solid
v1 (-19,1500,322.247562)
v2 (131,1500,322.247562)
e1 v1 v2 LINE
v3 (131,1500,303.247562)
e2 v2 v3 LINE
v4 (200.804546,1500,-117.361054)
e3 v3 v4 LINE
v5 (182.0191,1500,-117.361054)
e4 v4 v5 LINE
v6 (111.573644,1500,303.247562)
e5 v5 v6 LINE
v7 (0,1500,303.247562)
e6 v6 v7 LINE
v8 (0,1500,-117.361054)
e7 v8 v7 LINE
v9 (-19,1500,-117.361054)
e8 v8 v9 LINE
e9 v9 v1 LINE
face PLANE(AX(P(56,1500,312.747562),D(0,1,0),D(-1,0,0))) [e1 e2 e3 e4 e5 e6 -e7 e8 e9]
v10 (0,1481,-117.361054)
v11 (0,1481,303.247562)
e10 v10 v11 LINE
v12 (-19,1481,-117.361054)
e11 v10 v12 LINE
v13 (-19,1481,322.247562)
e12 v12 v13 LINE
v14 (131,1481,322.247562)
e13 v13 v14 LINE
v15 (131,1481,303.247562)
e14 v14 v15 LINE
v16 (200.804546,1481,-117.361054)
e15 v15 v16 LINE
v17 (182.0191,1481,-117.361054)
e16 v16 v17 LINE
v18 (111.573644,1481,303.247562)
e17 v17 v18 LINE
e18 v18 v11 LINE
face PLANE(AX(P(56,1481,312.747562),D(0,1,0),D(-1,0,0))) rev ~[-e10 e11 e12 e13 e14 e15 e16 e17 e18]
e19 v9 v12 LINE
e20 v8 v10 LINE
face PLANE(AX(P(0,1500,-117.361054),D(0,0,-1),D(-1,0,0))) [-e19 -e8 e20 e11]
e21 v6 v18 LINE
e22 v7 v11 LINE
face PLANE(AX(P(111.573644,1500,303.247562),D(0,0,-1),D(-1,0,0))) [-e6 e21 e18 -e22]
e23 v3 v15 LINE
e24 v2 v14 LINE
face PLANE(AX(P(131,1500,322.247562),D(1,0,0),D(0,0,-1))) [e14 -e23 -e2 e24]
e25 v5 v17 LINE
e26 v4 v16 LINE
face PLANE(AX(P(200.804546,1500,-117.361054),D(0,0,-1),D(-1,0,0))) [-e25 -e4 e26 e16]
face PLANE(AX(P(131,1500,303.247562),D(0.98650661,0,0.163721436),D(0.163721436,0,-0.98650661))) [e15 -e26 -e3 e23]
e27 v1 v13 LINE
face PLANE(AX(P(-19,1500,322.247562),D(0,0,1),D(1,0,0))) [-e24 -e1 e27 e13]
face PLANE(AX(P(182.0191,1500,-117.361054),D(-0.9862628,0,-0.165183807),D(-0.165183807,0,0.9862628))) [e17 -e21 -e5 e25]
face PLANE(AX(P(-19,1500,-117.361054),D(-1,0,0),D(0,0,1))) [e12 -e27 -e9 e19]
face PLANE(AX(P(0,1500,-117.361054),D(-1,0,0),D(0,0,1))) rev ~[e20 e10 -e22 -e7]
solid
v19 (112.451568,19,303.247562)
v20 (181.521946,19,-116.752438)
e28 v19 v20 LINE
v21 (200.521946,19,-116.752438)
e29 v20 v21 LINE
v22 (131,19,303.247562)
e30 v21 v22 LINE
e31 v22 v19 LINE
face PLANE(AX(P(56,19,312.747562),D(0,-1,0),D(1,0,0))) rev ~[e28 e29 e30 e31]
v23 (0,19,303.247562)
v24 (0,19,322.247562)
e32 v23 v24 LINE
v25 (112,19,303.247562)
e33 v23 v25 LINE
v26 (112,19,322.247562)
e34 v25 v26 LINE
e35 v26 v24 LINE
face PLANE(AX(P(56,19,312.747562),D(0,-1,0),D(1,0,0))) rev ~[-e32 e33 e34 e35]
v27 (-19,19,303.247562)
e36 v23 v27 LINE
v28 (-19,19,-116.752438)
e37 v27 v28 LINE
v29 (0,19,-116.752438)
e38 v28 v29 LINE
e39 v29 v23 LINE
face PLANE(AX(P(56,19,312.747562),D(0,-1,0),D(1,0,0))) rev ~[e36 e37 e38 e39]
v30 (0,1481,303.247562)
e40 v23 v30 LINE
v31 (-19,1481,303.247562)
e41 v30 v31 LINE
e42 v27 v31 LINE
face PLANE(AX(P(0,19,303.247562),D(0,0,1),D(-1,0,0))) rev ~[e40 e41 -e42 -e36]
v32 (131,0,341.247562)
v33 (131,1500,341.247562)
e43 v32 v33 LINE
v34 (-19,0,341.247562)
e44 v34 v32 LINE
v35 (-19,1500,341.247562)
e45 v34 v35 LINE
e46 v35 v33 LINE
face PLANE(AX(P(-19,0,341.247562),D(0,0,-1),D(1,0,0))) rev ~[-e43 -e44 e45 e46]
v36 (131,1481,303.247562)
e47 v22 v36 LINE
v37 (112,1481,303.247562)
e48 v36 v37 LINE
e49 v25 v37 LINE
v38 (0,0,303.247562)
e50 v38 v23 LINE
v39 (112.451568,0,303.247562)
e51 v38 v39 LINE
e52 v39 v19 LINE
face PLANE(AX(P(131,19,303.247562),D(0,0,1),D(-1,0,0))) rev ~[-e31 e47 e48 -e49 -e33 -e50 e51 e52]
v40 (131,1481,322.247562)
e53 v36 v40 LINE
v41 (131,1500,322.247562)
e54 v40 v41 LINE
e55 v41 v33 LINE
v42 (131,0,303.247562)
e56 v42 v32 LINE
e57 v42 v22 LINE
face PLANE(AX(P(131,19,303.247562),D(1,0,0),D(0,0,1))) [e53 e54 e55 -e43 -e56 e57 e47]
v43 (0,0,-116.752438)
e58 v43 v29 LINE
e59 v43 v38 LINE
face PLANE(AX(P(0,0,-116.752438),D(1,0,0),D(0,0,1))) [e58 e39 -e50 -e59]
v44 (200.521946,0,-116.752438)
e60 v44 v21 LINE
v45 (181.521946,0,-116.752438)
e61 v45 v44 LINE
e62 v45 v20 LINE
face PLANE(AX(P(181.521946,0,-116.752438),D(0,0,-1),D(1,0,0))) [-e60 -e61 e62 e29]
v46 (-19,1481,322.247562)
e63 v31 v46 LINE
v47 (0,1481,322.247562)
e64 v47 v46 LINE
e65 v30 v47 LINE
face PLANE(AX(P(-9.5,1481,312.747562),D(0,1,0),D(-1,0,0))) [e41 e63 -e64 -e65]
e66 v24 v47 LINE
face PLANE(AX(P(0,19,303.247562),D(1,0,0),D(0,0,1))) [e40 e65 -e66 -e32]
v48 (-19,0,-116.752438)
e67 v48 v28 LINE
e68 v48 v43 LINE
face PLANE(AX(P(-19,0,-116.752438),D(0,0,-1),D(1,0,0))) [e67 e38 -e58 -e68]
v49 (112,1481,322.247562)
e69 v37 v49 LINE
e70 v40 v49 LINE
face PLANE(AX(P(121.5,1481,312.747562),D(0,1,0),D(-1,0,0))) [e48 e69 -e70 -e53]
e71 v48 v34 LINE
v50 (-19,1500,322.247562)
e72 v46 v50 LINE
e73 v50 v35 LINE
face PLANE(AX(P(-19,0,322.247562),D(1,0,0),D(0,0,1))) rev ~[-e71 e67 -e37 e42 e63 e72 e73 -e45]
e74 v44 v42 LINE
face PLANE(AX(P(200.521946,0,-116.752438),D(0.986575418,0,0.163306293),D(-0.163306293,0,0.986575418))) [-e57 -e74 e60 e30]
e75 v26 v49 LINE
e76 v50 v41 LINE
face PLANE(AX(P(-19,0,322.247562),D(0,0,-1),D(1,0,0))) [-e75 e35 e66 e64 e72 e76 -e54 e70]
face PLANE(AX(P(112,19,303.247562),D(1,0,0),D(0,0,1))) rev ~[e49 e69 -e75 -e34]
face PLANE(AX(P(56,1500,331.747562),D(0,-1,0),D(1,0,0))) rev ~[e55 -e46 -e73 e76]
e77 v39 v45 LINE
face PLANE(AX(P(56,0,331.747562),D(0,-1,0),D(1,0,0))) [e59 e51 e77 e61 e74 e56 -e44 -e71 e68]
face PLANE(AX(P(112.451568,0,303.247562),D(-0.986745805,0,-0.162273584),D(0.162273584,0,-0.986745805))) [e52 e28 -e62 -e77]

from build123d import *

# Parameters (mm, degrees)
F0_W     = 19
F0_H     = 420
F1_DEPTH = 19
F0_W_2   = 150
F0_H_2   = 19
F2_DEPTH = 1500
F4_W     = 19
F4_H     = 19
F5_DEPTH = 1462
F7_W     = 19
F7_H     = 420.6086155772
F8_DEPTH = 19


with BuildPart() as f1:
    # F0 (on Front) → F1 (new body)
    with BuildSketch(Plane.XZ):
        Polygon((131, 322.2475617528), (-19, 322.2475617528), (-19, 303.2475617528), (0, 303.2475617528), (112.4515682459, 303.2475617528), (131, 303.2475617528), align=None)
        with Locations((-9.5, 93.2475617528)):
            Rectangle(F0_W, F0_H)
        Polygon((200.5219459534, -116.7524382472), (131, 303.2475617528), (112.4515682459, 303.2475617528), (181.5219459534, -116.7524382472), align=None)
    extrude(amount=-F1_DEPTH)

    # F0 (on Front) → F2 (join)
    with BuildSketch(Plane.XZ):
        with Locations((56, 331.7475617528)):
            Rectangle(F0_W_2, F0_H_2)
    extrude(amount=-F2_DEPTH)

    # F4 (on offset) → F5 (join)
    with BuildSketch(Plane(origin=(0, 19, 0), x_dir=(-1, 0, 0), z_dir=(0, 1, 0))):
        with Locations((-121.5, 312.7475617528)):
            Rectangle(F4_W, F4_H)
        with Locations((9.5, 312.7475617528)):
            Rectangle(F4_W, F4_H)
    extrude(amount=F5_DEPTH)


with BuildPart() as f8:
    # F7 (on offset) → F8 (new body)
    with BuildSketch(Plane(origin=(0, 1500, 0), x_dir=(-1, 0, 0), z_dir=(0, 1, 0))):
        Polygon((19, 322.2475617528), (-131, 322.2475617528), (-131, 303.2475617528), (-111.5736439824, 303.2475617528), (0, 303.2475617528), (19, 303.2475617528), align=None)
        Polygon((-111.5736439824, 303.2475617528), (-131, 303.2475617528), (-200.8045464754, -117.3610538244), (-182.0190995932, -117.3610538244), align=None)
        with Locations((9.5, 92.9432539642)):
            Rectangle(F7_W, F7_H)
    extrude(amount=-F8_DEPTH)


solid = Compound([f1.part, f8.part])
